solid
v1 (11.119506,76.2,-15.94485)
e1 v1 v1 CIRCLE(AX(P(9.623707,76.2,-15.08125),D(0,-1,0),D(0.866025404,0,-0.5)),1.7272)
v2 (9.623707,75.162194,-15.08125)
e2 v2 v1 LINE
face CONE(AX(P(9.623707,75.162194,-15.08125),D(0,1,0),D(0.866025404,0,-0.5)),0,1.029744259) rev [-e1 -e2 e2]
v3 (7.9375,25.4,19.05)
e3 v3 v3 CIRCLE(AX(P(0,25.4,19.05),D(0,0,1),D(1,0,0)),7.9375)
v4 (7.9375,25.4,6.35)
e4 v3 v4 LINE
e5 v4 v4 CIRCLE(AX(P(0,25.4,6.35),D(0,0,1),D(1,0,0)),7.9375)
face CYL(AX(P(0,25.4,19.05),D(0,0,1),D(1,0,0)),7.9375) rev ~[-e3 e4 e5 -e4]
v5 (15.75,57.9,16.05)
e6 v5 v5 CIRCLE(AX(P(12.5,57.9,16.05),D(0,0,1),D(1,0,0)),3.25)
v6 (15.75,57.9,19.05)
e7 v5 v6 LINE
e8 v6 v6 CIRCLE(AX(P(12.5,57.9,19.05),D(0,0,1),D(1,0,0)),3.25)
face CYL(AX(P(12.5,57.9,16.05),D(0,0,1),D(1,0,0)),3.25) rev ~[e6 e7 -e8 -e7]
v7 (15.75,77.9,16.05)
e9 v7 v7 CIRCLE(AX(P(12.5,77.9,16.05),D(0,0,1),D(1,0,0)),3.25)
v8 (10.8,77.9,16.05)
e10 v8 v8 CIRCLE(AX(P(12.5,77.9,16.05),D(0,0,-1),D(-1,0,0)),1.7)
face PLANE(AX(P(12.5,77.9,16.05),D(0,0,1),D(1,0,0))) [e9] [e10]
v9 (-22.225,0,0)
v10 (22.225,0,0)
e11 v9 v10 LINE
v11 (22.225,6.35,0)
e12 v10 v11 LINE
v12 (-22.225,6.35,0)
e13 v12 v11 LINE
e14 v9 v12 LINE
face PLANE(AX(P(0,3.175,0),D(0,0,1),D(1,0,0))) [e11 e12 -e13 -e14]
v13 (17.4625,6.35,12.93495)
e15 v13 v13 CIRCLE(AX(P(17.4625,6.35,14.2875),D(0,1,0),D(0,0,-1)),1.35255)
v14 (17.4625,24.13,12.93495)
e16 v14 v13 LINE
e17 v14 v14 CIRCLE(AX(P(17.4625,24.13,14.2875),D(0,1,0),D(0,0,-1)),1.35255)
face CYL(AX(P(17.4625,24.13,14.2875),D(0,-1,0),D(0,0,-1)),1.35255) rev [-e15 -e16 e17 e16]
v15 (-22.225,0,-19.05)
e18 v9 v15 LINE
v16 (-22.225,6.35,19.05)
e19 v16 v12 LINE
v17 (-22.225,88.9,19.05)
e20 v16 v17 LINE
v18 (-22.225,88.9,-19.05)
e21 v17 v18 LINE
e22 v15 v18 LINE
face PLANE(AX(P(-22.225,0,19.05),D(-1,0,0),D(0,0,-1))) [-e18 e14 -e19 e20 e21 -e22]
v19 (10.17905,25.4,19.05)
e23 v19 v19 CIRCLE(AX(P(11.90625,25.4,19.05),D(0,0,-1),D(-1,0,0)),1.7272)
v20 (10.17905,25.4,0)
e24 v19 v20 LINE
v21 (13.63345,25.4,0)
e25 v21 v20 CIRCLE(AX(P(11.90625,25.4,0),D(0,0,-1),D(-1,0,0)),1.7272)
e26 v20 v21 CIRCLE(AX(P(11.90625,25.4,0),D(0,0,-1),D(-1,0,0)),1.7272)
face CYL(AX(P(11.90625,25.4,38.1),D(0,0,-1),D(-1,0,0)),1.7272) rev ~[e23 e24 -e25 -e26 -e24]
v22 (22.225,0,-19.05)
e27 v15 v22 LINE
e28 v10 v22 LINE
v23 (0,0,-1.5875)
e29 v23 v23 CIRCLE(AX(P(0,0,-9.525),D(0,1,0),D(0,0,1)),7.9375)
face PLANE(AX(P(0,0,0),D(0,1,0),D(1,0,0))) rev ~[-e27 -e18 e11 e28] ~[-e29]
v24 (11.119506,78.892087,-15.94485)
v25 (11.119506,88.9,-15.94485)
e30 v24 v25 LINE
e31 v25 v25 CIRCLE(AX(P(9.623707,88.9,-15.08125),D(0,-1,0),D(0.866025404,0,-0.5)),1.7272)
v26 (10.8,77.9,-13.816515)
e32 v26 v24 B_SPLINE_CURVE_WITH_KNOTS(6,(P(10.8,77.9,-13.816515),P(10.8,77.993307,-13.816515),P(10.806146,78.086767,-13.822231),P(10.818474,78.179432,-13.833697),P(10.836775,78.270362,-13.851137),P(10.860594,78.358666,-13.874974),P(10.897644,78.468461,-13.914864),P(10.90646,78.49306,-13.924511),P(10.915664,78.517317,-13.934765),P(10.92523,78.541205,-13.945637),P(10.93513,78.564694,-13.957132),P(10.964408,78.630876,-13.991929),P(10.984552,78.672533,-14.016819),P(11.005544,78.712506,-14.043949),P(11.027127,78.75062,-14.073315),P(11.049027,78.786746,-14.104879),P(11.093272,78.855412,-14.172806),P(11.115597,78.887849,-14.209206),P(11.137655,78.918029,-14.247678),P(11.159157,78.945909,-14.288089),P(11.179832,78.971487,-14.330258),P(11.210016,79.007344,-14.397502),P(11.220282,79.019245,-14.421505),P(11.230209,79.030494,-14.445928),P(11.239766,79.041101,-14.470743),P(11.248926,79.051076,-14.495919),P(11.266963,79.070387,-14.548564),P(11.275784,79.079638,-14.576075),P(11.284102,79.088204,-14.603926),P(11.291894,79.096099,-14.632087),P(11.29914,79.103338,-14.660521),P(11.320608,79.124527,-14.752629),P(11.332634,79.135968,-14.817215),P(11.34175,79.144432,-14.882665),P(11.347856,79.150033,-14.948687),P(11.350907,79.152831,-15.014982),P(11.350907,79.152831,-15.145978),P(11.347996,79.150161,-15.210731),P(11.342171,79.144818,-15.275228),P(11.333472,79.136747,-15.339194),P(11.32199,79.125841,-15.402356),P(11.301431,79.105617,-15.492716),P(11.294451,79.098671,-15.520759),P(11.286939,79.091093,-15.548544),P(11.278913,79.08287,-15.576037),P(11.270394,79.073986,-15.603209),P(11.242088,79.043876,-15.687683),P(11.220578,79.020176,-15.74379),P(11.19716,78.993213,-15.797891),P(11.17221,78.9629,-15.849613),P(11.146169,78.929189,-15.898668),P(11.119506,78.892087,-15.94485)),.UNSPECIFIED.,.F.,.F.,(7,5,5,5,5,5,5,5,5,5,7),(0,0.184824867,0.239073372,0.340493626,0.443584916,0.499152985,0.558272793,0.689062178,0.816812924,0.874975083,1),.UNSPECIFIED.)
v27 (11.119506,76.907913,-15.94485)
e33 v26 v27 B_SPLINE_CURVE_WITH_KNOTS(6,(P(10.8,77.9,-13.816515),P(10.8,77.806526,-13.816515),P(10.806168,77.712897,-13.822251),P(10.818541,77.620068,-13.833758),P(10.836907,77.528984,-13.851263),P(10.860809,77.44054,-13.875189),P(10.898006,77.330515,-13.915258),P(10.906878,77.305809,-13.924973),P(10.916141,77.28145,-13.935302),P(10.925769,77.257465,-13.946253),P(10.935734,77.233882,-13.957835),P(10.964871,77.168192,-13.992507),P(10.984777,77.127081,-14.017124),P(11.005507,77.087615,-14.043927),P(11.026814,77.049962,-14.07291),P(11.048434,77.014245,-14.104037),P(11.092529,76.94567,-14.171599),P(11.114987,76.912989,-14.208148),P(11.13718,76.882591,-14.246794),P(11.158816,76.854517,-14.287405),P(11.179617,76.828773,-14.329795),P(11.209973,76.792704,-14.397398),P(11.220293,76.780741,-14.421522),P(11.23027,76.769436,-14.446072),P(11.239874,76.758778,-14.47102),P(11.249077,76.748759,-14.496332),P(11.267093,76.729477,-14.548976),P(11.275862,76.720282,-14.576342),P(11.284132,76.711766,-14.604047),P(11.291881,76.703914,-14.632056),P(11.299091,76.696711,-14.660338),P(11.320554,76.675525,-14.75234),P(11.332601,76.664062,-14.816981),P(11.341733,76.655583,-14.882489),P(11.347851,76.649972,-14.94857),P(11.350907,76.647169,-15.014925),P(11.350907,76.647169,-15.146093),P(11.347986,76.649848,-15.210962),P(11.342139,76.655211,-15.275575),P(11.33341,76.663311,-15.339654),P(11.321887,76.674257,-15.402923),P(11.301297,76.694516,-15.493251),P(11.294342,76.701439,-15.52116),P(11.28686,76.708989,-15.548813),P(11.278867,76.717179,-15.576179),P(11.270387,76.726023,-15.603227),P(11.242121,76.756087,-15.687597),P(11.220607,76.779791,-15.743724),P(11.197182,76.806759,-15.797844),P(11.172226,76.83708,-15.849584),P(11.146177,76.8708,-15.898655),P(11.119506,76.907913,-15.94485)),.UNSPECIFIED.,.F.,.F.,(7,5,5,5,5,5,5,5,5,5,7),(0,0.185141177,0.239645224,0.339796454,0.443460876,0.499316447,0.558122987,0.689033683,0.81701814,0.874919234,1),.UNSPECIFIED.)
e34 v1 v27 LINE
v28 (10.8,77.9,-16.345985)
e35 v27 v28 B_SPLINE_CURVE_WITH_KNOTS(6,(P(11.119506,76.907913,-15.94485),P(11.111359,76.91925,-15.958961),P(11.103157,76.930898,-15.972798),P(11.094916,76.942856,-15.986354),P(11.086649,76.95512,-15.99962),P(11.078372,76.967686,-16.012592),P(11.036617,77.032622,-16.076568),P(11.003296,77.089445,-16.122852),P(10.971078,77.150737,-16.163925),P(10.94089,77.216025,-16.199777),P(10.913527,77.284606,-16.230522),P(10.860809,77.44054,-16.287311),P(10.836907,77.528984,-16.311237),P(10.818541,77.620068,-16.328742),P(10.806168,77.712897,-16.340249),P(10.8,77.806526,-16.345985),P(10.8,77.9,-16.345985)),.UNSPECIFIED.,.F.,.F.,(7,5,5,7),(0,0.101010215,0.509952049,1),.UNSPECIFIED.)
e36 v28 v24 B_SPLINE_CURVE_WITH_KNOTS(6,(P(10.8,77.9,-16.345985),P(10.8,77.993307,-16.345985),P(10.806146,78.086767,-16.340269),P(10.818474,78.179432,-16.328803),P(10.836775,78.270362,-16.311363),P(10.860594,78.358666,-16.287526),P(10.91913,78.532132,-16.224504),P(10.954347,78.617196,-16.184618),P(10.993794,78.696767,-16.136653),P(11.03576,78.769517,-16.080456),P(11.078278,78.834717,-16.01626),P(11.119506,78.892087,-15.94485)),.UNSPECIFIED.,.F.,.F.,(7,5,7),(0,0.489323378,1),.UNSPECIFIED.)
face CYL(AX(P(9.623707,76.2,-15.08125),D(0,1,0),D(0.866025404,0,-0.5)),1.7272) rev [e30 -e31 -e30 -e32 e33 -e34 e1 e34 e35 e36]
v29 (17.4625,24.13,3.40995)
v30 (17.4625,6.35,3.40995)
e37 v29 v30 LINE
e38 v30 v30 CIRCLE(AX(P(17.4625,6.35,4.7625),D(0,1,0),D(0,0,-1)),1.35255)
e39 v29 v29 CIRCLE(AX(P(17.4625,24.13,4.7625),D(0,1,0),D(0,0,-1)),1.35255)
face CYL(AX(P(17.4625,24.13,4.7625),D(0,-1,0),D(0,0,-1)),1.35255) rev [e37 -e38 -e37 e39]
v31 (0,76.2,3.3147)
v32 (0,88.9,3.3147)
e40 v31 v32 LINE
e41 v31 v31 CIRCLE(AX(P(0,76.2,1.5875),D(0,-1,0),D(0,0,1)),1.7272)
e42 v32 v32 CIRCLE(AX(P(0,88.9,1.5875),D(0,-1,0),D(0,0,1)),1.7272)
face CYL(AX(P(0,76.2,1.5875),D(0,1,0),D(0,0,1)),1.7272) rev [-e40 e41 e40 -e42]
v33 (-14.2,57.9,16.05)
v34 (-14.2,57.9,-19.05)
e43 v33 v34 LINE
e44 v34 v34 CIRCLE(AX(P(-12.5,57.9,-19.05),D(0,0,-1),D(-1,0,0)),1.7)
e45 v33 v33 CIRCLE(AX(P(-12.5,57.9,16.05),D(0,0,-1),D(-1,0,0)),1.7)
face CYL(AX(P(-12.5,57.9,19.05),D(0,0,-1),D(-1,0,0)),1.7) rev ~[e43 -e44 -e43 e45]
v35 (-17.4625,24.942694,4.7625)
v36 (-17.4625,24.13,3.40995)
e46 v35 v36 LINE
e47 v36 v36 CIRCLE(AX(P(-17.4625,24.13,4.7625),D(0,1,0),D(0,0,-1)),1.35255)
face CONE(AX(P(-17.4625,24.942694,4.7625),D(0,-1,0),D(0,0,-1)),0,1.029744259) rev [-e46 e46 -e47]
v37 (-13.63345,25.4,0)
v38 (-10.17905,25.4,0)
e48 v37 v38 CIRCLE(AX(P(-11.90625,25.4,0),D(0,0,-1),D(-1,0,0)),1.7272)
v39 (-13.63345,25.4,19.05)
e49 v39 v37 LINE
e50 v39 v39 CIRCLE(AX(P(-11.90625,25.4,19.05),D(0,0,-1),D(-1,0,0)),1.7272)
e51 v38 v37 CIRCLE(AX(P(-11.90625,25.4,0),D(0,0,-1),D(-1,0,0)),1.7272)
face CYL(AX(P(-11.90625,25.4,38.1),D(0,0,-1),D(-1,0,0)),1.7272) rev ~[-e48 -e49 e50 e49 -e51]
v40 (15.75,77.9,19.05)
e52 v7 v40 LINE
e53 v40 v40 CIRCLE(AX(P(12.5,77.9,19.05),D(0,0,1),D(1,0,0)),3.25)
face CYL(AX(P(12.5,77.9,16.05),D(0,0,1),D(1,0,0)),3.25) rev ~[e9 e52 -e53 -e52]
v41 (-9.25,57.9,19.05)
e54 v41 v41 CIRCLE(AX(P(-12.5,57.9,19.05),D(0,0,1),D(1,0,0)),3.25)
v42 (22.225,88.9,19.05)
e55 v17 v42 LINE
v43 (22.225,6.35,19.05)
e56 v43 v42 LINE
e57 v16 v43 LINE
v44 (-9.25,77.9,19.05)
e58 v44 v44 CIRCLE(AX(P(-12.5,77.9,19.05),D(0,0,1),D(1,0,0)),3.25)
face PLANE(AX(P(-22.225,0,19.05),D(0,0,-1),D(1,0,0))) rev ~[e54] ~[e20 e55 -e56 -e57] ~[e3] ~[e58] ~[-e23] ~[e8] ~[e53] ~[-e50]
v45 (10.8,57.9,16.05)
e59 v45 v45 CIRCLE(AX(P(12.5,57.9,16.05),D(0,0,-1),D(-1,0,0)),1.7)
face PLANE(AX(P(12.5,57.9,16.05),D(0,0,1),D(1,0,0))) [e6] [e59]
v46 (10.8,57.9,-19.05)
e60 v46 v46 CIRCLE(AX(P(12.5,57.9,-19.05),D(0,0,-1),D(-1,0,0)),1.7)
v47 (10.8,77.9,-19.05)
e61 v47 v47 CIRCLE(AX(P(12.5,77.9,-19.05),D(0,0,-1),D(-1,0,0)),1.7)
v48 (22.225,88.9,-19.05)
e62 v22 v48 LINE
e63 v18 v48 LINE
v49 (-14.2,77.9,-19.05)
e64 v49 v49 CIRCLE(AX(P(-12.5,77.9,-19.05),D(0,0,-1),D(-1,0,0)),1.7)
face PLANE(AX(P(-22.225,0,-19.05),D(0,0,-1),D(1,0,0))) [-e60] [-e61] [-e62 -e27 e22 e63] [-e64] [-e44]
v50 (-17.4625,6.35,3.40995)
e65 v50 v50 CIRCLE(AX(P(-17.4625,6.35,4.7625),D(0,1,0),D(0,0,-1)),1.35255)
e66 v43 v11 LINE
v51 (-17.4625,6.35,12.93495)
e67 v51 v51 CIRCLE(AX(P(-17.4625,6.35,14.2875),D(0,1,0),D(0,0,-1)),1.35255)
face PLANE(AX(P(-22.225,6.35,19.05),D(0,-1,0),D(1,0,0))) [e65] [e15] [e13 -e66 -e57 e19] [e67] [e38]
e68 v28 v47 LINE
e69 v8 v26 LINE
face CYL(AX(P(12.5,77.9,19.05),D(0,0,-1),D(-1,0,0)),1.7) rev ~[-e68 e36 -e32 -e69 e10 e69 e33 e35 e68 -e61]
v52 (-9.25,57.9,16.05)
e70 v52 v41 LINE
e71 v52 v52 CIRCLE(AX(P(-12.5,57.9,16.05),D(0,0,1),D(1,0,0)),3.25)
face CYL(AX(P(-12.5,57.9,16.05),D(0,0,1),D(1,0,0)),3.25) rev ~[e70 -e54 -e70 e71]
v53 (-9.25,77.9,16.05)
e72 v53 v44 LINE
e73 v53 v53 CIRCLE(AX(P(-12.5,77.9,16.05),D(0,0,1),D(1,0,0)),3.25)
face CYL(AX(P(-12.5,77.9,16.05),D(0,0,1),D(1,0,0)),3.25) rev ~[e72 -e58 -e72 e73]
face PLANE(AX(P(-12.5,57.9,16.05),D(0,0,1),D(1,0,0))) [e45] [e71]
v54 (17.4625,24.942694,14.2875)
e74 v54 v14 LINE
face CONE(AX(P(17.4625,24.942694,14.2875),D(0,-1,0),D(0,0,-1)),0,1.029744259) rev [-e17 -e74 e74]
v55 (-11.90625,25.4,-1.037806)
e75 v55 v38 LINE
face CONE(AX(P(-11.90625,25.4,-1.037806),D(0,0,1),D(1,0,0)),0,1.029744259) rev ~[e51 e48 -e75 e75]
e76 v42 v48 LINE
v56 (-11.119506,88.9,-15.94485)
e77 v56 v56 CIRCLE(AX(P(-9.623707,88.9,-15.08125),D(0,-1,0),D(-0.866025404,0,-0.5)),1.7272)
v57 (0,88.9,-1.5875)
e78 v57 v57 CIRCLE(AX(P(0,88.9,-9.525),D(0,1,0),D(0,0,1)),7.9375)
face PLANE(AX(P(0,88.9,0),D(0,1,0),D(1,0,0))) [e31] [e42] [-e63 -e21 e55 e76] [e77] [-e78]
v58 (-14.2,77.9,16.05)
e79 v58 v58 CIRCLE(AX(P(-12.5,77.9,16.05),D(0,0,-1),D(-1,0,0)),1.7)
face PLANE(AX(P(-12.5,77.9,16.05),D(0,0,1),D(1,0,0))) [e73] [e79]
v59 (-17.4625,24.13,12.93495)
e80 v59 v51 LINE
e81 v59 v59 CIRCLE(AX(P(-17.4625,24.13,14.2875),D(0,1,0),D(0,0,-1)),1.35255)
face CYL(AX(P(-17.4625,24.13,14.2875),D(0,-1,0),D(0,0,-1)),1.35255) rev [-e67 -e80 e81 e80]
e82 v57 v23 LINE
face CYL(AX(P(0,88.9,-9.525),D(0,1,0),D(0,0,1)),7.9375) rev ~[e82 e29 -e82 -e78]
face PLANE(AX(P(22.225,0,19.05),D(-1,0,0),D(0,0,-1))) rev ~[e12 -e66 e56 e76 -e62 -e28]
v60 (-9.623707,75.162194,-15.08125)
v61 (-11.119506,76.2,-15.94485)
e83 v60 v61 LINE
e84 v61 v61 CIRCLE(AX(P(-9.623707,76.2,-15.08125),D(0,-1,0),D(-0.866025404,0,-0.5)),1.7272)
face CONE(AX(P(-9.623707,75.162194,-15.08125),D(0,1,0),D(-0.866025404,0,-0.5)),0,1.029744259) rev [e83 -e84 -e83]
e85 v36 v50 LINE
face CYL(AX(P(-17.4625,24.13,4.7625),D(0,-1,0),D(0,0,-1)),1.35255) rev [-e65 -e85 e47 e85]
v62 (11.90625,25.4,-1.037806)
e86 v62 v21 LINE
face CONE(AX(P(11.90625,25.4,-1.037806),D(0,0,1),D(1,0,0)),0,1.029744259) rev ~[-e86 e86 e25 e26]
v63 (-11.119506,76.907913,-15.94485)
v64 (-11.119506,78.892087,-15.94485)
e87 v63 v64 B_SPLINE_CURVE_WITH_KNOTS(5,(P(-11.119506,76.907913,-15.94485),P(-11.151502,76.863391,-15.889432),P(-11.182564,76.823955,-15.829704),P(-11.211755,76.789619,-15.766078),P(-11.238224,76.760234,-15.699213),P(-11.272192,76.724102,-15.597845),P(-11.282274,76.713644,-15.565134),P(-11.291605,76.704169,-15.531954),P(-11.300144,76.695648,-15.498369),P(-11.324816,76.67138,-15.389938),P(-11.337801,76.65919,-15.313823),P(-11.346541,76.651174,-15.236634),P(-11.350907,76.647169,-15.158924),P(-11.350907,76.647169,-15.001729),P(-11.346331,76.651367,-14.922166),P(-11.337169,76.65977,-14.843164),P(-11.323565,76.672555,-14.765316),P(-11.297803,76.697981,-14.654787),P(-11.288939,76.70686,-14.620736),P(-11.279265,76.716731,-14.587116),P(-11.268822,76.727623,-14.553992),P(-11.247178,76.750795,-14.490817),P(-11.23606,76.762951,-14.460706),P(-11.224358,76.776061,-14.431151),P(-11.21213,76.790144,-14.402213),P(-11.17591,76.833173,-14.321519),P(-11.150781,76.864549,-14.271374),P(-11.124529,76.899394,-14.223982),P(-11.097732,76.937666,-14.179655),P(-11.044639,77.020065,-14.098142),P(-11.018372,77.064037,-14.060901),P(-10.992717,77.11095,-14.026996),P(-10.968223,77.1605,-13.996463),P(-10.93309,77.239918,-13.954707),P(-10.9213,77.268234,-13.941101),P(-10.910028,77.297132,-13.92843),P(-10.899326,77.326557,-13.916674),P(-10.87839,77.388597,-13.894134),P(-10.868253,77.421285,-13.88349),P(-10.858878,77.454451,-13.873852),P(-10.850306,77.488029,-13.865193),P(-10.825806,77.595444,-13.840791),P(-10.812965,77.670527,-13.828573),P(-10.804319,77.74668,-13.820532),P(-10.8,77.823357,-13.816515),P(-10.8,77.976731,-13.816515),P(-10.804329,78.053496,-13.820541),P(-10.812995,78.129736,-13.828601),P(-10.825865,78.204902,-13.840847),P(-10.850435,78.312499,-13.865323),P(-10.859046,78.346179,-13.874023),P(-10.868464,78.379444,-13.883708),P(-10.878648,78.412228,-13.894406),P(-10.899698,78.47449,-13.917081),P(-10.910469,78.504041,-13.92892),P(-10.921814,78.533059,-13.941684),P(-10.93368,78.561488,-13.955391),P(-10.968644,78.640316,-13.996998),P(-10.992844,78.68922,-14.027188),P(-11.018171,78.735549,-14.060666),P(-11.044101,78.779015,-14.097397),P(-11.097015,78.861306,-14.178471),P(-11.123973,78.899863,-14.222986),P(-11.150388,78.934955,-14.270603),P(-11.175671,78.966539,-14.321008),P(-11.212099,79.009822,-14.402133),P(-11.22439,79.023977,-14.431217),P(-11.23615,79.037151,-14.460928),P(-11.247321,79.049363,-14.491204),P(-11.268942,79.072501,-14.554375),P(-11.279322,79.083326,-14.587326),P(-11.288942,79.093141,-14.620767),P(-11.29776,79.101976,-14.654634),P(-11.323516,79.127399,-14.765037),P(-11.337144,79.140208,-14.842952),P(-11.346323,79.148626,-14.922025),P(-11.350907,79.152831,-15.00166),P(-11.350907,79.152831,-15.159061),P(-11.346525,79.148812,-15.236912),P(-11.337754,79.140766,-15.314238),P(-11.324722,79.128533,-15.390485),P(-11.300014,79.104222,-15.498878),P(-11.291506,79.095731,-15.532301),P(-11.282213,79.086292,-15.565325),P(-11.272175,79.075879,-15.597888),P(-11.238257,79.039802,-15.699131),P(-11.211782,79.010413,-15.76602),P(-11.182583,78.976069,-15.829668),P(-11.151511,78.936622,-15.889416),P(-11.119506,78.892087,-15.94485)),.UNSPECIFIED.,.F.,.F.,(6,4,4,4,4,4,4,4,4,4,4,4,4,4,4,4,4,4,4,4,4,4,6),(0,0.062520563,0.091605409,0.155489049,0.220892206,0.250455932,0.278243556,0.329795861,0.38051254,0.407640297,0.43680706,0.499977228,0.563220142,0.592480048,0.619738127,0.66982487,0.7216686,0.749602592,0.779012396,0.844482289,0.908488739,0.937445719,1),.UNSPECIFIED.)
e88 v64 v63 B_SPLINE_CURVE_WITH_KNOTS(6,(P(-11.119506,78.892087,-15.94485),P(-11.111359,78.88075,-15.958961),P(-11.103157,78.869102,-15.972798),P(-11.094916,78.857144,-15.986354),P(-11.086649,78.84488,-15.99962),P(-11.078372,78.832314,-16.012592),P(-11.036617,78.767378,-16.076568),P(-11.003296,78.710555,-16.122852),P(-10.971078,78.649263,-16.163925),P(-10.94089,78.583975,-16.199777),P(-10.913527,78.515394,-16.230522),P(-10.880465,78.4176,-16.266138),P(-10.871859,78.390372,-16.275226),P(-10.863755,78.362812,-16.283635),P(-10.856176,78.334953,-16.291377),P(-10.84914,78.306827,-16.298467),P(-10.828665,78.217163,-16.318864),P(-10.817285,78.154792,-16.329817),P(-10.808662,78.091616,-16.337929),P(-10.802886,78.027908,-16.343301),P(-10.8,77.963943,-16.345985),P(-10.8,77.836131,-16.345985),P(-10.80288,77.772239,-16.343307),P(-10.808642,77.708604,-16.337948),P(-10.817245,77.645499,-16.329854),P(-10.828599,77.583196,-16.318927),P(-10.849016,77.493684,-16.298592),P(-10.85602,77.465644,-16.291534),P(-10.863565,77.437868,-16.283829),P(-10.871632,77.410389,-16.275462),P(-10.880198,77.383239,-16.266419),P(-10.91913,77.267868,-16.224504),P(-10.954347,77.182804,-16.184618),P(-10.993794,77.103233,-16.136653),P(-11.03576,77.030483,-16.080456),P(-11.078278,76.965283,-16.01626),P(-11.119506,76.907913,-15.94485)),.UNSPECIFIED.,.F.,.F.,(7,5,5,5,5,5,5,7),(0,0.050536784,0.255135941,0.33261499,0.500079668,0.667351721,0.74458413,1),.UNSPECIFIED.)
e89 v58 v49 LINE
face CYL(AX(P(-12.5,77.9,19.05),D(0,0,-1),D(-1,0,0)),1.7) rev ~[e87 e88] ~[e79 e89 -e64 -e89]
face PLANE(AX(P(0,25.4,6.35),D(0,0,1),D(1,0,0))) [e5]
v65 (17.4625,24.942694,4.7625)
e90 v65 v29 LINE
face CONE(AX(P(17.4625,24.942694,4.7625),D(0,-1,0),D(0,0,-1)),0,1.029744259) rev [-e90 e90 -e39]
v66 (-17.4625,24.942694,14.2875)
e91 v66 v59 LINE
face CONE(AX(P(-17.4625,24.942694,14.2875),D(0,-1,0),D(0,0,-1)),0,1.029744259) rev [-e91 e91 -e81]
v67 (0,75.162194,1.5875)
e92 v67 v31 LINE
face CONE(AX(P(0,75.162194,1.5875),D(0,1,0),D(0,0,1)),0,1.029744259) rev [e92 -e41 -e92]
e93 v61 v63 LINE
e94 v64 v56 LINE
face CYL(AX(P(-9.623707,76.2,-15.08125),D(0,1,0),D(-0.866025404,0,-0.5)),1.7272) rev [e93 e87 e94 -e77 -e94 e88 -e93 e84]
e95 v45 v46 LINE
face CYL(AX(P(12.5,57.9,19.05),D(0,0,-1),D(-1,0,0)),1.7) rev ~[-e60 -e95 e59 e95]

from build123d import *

# Parameters (mm, degrees)
SKETCH1_W                      = 44.45
SKETCH1_H                      = 38.1
BOSS_EXTRUDE1_DEPTH            = 88.9
SKETCH2_W                      = 44.45
SKETCH2_H                      = 6.35
CUT_EXTRUDE1_DEPTH             = 19.05
CUT_EXTRUDE2_REACH             = 95.595
SKETCH3_R                      = 7.9375
CIRPATTERN1_COUNT              = 3
LPATTERN1_COUNT                = 2
LPATTERN1_PITCH                = 9.525
LPATTERN1_COUNT_DIR2           = 2
LPATTERN1_PITCH_DIR2           = 34.925
CBORE_FOR_M3_SHCS1_D           = 3.4
CBORE_FOR_M3_SHCS1_CBORE_D     = 6.5
CBORE_FOR_M3_SHCS1_CBORE_DEPTH = 3
SKETCH11_R                     = 7.9375
CUT_EXTRUDE3_DEPTH             = 12.7
F_8_32_TAPPED_HOLE1_D          = 3.4544
F_8_32_TAPPED_HOLE1_DEPTH      = 19.05
F_8_32_TAPPED_HOLE1_TIP        = 1.037806461
LPATTERN2_COUNT                = 2
LPATTERN2_PITCH                = 25
LPATTERN2_COUNT_DIR2           = 2
LPATTERN2_PITCH_DIR2           = 20


with BuildPart() as part:
    # Sketch1 → Boss-Extrude1 (new body)
    with BuildSketch(Plane(origin=(0, 0, 0), x_dir=(1, 0, 0), z_dir=(0, 1, 0))):
        Rectangle(SKETCH1_W, SKETCH1_H)
    extrude(amount=BOSS_EXTRUDE1_DEPTH)

    # Sketch2 → Cut-Extrude1 (cut)
    with BuildSketch(Plane.XY.offset(19.05)):
        with Locations((0, 3.175)):
            Rectangle(SKETCH2_W, SKETCH2_H)
    extrude(amount=-CUT_EXTRUDE1_DEPTH, mode=Mode.SUBTRACT)

    # Sketch3 → Cut-Extrude2 (cut, up to next)
    with BuildSketch(Plane(origin=(0, 88.9, 0), x_dir=(1, 0, 0), z_dir=(0, 1, 0)), mode=Mode.PRIVATE) as cut_extrude2_sk1:
        with Locations(Location((0, 9.525, 0), (0, 0, 270))):
            Circle(SKETCH3_R)
    cut_extrude2_tool1 = extrude(cut_extrude2_sk1.sketch, amount=-CUT_EXTRUDE2_REACH, mode=Mode.PRIVATE) & part.part
    add(cut_extrude2_tool1.solids().sort_by_distance((0, 88.9, -9.525))[0], mode=Mode.SUBTRACT)

    # Sketch4 → #8-32 Tapped Hole2 (revolve, cut)
    with BuildSketch(Plane(origin=(0, 88.9, 1.5875), x_dir=(0, 0, 1), z_dir=(1, 0, 0))):
        Polygon((0, 0), (0, 13.737806461), (1.7272, 12.7), (1.7272, 0), align=None)
    f_8_32_tapped_hole2 = revolve(axis=Axis((0, 95.25, 1.5875), (0, -1, 0)), mode=Mode.SUBTRACT)

    # CirPattern1: #8-32 Tapped Hole2 ×3 about axis
    cirpattern1_axis = Axis((0, 0, -9.525), (0, 1, 0))
    for i in range(1, CIRPATTERN1_COUNT):
        add(f_8_32_tapped_hole2.rotate(cirpattern1_axis, i * 360 / CIRPATTERN1_COUNT), mode=Mode.SUBTRACT)

    # Sketch6 → #6-32 Tapped Hole1 (revolve, cut)
    with BuildSketch(Plane(origin=(-17.4625, 6.35, 14.2875), x_dir=(0, 0, -1), z_dir=(1, 0, 0))):
        Polygon((0, 0), (0, 18.59269403), (1.35255, 17.78), (1.35255, 0), align=None)
    f_6_32_tapped_hole1 = revolve(axis=Axis((-17.4625, 0, 14.2875), (0, 1, 0)), mode=Mode.SUBTRACT)

    # LPattern1: 6-32 Tapped Hole1 2 × 2
    with Locations(*[(j * LPATTERN1_PITCH_DIR2, 0, -i * LPATTERN1_PITCH) for i in range(LPATTERN1_COUNT) for j in range(LPATTERN1_COUNT_DIR2) if (i, j) != (0, 0)]):
        add(f_6_32_tapped_hole1, mode=Mode.SUBTRACT)

    # CBORE for M3 SHCS1 (through all)
    with Locations(Plane.XY.offset(19.05)):
        with Locations((-12.5, 77.9)):
            cbore_for_m3_shcs1 = CounterBoreHole(CBORE_FOR_M3_SHCS1_D / 2, CBORE_FOR_M3_SHCS1_CBORE_D / 2, CBORE_FOR_M3_SHCS1_CBORE_DEPTH)

    # Sketch11 → Cut-Extrude3 (cut)
    with BuildSketch(Plane.XY.offset(19.05)):
        with Locations((0, 25.4)):
            Circle(SKETCH11_R)
    extrude(amount=-CUT_EXTRUDE3_DEPTH, mode=Mode.SUBTRACT)

    # #8-32 Tapped Hole1
    with Locations(Plane.XY.offset(19.05)):
        with Locations((-11.90625, 25.4), (11.90625, 25.4)):
            Hole(F_8_32_TAPPED_HOLE1_D / 2, depth=F_8_32_TAPPED_HOLE1_DEPTH)
            with Locations((0, 0, -(F_8_32_TAPPED_HOLE1_DEPTH + F_8_32_TAPPED_HOLE1_TIP / 2))):  # 118° drill point
                Cone(0, F_8_32_TAPPED_HOLE1_D / 2, F_8_32_TAPPED_HOLE1_TIP, mode=Mode.SUBTRACT)

    # LPattern2: CBORE for M3 SHCS1 2 × 2
    with Locations(*[(i * LPATTERN2_PITCH, -j * LPATTERN2_PITCH_DIR2, 0) for i in range(LPATTERN2_COUNT) for j in range(LPATTERN2_COUNT_DIR2) if (i, j) != (0, 0)]):
        add(cbore_for_m3_shcs1, mode=Mode.SUBTRACT)


solid = part.part
